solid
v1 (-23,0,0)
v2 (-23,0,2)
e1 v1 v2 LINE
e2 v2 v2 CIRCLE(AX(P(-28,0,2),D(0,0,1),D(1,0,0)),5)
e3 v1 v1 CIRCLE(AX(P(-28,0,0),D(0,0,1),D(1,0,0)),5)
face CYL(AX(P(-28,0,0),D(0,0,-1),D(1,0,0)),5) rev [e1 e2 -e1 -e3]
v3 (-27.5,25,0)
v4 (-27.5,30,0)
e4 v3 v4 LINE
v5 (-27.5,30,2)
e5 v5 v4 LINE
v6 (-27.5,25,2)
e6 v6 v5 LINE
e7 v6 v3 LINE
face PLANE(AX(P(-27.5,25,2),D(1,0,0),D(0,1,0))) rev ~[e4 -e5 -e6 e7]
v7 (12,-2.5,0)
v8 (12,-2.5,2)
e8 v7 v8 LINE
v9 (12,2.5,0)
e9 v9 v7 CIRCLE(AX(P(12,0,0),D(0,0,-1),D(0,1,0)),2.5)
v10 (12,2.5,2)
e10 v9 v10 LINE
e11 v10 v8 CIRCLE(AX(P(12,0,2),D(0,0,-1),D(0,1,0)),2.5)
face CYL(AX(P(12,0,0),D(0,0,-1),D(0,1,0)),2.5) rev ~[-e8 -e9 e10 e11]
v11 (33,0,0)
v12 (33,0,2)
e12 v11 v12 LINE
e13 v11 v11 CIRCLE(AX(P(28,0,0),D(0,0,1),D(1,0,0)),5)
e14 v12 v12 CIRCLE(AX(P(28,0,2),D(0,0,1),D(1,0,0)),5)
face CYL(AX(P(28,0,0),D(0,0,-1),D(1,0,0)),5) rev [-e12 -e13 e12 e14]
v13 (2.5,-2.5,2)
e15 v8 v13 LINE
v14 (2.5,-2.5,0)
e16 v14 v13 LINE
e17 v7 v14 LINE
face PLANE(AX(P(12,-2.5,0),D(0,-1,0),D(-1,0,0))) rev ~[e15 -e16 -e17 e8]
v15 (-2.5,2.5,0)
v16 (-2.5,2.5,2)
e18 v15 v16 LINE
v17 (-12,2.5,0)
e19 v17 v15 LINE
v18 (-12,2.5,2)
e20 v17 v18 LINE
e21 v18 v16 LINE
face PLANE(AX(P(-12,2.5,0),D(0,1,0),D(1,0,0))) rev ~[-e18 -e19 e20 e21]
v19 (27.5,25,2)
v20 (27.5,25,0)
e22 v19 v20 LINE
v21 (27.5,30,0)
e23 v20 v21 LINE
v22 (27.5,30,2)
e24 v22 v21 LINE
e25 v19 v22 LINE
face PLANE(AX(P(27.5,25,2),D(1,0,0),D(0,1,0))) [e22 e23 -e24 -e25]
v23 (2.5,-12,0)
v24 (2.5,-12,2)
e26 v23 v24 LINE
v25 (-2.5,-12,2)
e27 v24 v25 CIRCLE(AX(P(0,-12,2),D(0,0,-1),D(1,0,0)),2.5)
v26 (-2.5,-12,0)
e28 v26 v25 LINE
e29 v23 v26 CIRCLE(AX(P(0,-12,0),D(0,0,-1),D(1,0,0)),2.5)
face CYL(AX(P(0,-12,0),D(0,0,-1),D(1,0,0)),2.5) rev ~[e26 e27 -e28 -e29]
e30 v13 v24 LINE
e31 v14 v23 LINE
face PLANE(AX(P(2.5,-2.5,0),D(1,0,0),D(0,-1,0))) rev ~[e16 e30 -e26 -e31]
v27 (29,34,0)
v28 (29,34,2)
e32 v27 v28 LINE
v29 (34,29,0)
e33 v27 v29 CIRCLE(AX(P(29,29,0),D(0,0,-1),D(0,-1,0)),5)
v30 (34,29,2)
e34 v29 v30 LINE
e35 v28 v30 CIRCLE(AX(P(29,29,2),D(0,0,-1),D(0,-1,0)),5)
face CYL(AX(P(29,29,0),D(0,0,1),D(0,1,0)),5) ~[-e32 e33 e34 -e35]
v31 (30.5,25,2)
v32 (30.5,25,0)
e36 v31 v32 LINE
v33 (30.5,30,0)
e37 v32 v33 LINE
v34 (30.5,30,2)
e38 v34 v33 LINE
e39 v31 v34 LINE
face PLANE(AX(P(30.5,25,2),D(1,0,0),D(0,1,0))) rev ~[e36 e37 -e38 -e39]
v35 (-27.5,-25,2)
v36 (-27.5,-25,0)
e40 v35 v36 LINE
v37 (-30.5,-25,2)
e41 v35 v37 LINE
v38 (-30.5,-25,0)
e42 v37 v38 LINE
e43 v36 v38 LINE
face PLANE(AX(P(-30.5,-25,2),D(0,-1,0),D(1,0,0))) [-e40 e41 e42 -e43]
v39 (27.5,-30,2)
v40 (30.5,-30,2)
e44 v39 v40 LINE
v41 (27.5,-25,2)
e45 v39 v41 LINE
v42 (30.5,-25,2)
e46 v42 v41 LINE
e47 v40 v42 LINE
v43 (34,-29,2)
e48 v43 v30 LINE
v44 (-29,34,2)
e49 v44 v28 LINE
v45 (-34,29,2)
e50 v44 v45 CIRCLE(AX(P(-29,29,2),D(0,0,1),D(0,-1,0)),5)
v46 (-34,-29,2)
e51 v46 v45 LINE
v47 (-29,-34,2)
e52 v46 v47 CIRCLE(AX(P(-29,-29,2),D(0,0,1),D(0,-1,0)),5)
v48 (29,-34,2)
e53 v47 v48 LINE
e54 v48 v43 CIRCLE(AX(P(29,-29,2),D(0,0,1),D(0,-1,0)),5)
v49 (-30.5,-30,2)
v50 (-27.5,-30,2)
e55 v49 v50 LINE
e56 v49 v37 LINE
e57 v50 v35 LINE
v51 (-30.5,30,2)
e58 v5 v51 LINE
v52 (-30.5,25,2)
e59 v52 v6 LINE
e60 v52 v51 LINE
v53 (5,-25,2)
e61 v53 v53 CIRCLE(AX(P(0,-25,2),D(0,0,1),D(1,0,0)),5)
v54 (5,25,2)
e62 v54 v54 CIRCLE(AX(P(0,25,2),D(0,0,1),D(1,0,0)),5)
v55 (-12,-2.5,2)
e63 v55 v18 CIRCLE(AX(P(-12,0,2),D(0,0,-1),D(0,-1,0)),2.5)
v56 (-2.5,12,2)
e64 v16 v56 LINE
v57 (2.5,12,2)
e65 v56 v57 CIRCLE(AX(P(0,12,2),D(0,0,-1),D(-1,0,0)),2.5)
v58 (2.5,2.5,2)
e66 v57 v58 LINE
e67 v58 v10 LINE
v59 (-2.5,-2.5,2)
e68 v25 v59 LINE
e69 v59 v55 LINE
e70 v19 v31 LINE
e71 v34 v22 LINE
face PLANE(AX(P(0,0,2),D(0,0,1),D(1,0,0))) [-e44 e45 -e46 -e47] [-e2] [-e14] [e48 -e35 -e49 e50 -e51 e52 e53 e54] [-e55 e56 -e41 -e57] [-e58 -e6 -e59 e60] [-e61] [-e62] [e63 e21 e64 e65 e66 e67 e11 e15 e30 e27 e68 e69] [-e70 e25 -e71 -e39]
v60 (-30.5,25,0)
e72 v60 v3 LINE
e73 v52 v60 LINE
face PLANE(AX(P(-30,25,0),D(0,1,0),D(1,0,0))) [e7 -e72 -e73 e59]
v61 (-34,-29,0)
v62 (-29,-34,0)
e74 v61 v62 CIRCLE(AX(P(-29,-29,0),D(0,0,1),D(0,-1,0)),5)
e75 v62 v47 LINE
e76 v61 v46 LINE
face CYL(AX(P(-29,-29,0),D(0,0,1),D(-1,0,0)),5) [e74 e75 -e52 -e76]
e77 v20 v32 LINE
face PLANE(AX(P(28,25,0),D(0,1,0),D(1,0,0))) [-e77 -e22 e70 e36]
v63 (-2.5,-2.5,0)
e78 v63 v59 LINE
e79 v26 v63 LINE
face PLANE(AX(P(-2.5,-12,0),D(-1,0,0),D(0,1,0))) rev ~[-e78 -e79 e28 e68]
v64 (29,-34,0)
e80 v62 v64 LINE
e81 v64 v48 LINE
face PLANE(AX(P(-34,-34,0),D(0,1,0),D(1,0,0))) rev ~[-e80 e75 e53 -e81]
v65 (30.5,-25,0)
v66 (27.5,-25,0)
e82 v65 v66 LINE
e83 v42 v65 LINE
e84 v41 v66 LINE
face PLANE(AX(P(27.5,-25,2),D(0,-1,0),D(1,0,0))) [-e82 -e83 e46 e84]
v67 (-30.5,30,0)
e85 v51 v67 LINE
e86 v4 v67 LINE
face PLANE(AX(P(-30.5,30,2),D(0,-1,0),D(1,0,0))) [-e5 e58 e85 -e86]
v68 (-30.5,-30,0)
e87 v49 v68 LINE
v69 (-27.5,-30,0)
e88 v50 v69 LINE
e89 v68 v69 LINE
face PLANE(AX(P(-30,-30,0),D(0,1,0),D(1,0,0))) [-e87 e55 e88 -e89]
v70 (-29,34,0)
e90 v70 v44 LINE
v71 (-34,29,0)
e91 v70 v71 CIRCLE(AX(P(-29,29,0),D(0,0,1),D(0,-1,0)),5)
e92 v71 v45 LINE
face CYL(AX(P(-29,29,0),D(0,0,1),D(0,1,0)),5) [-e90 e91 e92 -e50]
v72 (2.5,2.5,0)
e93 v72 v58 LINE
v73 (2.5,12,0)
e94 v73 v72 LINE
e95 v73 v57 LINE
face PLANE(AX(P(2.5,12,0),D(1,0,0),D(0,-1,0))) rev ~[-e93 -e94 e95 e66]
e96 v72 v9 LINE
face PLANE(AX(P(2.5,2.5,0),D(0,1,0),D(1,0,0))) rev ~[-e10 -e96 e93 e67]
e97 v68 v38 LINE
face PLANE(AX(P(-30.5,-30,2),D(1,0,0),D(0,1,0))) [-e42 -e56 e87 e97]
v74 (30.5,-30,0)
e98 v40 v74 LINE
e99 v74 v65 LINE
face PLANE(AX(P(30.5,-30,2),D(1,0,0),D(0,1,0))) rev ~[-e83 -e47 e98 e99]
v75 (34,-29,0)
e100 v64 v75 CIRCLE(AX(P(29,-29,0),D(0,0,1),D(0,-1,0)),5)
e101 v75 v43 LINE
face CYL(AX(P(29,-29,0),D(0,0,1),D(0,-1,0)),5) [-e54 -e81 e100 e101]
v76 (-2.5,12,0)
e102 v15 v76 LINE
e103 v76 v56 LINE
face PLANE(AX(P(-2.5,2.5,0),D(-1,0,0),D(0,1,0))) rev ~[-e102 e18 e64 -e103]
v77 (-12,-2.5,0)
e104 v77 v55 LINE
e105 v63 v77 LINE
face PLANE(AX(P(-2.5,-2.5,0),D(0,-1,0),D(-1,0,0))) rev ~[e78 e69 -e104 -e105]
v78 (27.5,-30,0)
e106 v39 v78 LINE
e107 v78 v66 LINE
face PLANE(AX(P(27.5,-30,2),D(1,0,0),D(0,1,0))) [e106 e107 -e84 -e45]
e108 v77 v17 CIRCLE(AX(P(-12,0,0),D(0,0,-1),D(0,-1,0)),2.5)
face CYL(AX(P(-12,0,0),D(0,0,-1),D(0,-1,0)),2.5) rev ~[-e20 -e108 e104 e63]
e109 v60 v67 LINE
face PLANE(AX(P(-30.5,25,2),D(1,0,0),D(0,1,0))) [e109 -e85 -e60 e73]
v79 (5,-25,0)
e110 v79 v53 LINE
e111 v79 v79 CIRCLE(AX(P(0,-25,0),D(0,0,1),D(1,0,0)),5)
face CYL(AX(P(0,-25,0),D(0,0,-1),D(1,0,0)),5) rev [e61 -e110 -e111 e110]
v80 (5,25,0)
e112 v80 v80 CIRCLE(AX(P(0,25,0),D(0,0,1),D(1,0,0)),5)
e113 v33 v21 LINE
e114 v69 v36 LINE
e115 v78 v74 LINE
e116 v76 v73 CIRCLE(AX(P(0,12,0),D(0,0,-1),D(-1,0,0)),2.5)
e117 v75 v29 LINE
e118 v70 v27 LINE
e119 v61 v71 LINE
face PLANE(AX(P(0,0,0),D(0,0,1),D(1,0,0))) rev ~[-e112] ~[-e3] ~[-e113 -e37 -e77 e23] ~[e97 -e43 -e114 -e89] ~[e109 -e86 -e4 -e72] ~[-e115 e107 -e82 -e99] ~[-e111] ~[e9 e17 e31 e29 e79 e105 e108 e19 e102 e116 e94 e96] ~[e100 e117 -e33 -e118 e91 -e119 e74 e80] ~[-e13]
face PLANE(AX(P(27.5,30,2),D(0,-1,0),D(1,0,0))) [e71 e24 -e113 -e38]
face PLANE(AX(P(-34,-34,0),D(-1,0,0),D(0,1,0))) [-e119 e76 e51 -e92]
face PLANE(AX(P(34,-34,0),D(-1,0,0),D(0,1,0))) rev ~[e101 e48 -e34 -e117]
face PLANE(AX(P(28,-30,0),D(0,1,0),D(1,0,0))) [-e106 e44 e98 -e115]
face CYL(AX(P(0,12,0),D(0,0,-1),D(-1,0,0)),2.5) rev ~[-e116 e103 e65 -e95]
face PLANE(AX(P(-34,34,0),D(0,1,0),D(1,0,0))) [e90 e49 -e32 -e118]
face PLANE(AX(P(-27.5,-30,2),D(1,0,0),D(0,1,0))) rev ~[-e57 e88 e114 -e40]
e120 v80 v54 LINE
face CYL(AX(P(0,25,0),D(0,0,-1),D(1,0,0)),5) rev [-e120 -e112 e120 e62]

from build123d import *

# Parameters (mm, degrees)
SKETCH1_W           = 68
SKETCH1_H           = 68
SKETCH1_W_2         = 2
SKETCH1_H_2         = 5
SKETCH1_R           = 5
BOSS_EXTRUDE1_DEPTH = 2
FILLET2_R           = 5
FILLET3_R           = 5
FILLET4_R           = 5
FILLET5_R           = 5
SKETCH2_W           = 3
SKETCH2_H           = 5
CUT_EXTRUDE1_DEPTH  = 10


with BuildPart() as part:
    # Sketch1 → Boss-Extrude1 (new body)
    with BuildSketch(Plane.XY):
        Rectangle(SKETCH1_W, SKETCH1_H)
        with Locations((-29, -27.5)):
            Rectangle(SKETCH1_W_2, SKETCH1_H_2, mode=Mode.SUBTRACT)
        with Locations((0, -25)):
            Circle(SKETCH1_R, mode=Mode.SUBTRACT)
        with Locations((29, -27.5)):
            Rectangle(SKETCH1_W_2, SKETCH1_H_2, mode=Mode.SUBTRACT)
        with Locations((-28, 0)):
            Circle(SKETCH1_R, mode=Mode.SUBTRACT)
        with Locations((-29, 27.5)):
            Rectangle(SKETCH1_W_2, SKETCH1_H_2, mode=Mode.SUBTRACT)
        with BuildLine():
            ThreePointArc((-12, -2.5), (-14.5, 0), (-12, 2.5))
            Line((-12, 2.5), (-2.5, 2.5))
            Line((-2.5, 2.5), (-2.5, 12))
            ThreePointArc((-2.5, 12), (0, 14.5), (2.5, 12))
            Line((2.5, 12), (2.5, 2.5))
            Line((2.5, 2.5), (12, 2.5))
            ThreePointArc((12, 2.5), (14.5, 0), (12, -2.5))
            Line((12, -2.5), (2.5, -2.5))
            Line((2.5, -2.5), (2.5, -12))
            ThreePointArc((2.5, -12), (0, -14.5), (-2.5, -12))
            Line((-2.5, -12), (-2.5, -2.5))
            Line((-2.5, -2.5), (-12, -2.5))
        make_face(mode=Mode.SUBTRACT)
        with Locations((28, 0)):
            Circle(SKETCH1_R, mode=Mode.SUBTRACT)
        with Locations((0, 25)):
            Circle(SKETCH1_R, mode=Mode.SUBTRACT)
        with Locations((29, 27.5)):
            Rectangle(SKETCH1_W_2, SKETCH1_H_2, mode=Mode.SUBTRACT)
    extrude(amount=BOSS_EXTRUDE1_DEPTH)

    # Fillet2
    fillet2_edges = [part.edges().sort_by_distance(p)[0] for p in [
        (34, 34, 1),
    ]]
    fillet(fillet2_edges, radius=FILLET2_R)

    # Fillet3
    fillet3_edges = [part.edges().sort_by_distance(p)[0] for p in [
        (-34, 34, 1),
    ]]
    fillet(fillet3_edges, radius=FILLET3_R)

    # Fillet4
    fillet4_edges = [part.edges().sort_by_distance(p)[0] for p in [
        (-34, -34, 1),
    ]]
    fillet(fillet4_edges, radius=FILLET4_R)

    # Fillet5
    fillet5_edges = [part.edges().sort_by_distance(p)[0] for p in [
        (34, -34, 1),
    ]]
    fillet(fillet5_edges, radius=FILLET5_R)

    # Sketch2 → Cut-Extrude1 (cut)
    with BuildSketch(Plane.XY.offset(2)):
        with Locations((29, 27.5)):
            Rectangle(SKETCH2_W, SKETCH2_H)
        with Locations((-29, 27.5)):
            Rectangle(SKETCH2_W, SKETCH2_H)
        with Locations((29, -27.5)):
            Rectangle(SKETCH2_W, SKETCH2_H)
        with Locations((-29, -27.5)):
            Rectangle(SKETCH2_W, SKETCH2_H)
    extrude(amount=-CUT_EXTRUDE1_DEPTH, mode=Mode.SUBTRACT)


solid = part.part
